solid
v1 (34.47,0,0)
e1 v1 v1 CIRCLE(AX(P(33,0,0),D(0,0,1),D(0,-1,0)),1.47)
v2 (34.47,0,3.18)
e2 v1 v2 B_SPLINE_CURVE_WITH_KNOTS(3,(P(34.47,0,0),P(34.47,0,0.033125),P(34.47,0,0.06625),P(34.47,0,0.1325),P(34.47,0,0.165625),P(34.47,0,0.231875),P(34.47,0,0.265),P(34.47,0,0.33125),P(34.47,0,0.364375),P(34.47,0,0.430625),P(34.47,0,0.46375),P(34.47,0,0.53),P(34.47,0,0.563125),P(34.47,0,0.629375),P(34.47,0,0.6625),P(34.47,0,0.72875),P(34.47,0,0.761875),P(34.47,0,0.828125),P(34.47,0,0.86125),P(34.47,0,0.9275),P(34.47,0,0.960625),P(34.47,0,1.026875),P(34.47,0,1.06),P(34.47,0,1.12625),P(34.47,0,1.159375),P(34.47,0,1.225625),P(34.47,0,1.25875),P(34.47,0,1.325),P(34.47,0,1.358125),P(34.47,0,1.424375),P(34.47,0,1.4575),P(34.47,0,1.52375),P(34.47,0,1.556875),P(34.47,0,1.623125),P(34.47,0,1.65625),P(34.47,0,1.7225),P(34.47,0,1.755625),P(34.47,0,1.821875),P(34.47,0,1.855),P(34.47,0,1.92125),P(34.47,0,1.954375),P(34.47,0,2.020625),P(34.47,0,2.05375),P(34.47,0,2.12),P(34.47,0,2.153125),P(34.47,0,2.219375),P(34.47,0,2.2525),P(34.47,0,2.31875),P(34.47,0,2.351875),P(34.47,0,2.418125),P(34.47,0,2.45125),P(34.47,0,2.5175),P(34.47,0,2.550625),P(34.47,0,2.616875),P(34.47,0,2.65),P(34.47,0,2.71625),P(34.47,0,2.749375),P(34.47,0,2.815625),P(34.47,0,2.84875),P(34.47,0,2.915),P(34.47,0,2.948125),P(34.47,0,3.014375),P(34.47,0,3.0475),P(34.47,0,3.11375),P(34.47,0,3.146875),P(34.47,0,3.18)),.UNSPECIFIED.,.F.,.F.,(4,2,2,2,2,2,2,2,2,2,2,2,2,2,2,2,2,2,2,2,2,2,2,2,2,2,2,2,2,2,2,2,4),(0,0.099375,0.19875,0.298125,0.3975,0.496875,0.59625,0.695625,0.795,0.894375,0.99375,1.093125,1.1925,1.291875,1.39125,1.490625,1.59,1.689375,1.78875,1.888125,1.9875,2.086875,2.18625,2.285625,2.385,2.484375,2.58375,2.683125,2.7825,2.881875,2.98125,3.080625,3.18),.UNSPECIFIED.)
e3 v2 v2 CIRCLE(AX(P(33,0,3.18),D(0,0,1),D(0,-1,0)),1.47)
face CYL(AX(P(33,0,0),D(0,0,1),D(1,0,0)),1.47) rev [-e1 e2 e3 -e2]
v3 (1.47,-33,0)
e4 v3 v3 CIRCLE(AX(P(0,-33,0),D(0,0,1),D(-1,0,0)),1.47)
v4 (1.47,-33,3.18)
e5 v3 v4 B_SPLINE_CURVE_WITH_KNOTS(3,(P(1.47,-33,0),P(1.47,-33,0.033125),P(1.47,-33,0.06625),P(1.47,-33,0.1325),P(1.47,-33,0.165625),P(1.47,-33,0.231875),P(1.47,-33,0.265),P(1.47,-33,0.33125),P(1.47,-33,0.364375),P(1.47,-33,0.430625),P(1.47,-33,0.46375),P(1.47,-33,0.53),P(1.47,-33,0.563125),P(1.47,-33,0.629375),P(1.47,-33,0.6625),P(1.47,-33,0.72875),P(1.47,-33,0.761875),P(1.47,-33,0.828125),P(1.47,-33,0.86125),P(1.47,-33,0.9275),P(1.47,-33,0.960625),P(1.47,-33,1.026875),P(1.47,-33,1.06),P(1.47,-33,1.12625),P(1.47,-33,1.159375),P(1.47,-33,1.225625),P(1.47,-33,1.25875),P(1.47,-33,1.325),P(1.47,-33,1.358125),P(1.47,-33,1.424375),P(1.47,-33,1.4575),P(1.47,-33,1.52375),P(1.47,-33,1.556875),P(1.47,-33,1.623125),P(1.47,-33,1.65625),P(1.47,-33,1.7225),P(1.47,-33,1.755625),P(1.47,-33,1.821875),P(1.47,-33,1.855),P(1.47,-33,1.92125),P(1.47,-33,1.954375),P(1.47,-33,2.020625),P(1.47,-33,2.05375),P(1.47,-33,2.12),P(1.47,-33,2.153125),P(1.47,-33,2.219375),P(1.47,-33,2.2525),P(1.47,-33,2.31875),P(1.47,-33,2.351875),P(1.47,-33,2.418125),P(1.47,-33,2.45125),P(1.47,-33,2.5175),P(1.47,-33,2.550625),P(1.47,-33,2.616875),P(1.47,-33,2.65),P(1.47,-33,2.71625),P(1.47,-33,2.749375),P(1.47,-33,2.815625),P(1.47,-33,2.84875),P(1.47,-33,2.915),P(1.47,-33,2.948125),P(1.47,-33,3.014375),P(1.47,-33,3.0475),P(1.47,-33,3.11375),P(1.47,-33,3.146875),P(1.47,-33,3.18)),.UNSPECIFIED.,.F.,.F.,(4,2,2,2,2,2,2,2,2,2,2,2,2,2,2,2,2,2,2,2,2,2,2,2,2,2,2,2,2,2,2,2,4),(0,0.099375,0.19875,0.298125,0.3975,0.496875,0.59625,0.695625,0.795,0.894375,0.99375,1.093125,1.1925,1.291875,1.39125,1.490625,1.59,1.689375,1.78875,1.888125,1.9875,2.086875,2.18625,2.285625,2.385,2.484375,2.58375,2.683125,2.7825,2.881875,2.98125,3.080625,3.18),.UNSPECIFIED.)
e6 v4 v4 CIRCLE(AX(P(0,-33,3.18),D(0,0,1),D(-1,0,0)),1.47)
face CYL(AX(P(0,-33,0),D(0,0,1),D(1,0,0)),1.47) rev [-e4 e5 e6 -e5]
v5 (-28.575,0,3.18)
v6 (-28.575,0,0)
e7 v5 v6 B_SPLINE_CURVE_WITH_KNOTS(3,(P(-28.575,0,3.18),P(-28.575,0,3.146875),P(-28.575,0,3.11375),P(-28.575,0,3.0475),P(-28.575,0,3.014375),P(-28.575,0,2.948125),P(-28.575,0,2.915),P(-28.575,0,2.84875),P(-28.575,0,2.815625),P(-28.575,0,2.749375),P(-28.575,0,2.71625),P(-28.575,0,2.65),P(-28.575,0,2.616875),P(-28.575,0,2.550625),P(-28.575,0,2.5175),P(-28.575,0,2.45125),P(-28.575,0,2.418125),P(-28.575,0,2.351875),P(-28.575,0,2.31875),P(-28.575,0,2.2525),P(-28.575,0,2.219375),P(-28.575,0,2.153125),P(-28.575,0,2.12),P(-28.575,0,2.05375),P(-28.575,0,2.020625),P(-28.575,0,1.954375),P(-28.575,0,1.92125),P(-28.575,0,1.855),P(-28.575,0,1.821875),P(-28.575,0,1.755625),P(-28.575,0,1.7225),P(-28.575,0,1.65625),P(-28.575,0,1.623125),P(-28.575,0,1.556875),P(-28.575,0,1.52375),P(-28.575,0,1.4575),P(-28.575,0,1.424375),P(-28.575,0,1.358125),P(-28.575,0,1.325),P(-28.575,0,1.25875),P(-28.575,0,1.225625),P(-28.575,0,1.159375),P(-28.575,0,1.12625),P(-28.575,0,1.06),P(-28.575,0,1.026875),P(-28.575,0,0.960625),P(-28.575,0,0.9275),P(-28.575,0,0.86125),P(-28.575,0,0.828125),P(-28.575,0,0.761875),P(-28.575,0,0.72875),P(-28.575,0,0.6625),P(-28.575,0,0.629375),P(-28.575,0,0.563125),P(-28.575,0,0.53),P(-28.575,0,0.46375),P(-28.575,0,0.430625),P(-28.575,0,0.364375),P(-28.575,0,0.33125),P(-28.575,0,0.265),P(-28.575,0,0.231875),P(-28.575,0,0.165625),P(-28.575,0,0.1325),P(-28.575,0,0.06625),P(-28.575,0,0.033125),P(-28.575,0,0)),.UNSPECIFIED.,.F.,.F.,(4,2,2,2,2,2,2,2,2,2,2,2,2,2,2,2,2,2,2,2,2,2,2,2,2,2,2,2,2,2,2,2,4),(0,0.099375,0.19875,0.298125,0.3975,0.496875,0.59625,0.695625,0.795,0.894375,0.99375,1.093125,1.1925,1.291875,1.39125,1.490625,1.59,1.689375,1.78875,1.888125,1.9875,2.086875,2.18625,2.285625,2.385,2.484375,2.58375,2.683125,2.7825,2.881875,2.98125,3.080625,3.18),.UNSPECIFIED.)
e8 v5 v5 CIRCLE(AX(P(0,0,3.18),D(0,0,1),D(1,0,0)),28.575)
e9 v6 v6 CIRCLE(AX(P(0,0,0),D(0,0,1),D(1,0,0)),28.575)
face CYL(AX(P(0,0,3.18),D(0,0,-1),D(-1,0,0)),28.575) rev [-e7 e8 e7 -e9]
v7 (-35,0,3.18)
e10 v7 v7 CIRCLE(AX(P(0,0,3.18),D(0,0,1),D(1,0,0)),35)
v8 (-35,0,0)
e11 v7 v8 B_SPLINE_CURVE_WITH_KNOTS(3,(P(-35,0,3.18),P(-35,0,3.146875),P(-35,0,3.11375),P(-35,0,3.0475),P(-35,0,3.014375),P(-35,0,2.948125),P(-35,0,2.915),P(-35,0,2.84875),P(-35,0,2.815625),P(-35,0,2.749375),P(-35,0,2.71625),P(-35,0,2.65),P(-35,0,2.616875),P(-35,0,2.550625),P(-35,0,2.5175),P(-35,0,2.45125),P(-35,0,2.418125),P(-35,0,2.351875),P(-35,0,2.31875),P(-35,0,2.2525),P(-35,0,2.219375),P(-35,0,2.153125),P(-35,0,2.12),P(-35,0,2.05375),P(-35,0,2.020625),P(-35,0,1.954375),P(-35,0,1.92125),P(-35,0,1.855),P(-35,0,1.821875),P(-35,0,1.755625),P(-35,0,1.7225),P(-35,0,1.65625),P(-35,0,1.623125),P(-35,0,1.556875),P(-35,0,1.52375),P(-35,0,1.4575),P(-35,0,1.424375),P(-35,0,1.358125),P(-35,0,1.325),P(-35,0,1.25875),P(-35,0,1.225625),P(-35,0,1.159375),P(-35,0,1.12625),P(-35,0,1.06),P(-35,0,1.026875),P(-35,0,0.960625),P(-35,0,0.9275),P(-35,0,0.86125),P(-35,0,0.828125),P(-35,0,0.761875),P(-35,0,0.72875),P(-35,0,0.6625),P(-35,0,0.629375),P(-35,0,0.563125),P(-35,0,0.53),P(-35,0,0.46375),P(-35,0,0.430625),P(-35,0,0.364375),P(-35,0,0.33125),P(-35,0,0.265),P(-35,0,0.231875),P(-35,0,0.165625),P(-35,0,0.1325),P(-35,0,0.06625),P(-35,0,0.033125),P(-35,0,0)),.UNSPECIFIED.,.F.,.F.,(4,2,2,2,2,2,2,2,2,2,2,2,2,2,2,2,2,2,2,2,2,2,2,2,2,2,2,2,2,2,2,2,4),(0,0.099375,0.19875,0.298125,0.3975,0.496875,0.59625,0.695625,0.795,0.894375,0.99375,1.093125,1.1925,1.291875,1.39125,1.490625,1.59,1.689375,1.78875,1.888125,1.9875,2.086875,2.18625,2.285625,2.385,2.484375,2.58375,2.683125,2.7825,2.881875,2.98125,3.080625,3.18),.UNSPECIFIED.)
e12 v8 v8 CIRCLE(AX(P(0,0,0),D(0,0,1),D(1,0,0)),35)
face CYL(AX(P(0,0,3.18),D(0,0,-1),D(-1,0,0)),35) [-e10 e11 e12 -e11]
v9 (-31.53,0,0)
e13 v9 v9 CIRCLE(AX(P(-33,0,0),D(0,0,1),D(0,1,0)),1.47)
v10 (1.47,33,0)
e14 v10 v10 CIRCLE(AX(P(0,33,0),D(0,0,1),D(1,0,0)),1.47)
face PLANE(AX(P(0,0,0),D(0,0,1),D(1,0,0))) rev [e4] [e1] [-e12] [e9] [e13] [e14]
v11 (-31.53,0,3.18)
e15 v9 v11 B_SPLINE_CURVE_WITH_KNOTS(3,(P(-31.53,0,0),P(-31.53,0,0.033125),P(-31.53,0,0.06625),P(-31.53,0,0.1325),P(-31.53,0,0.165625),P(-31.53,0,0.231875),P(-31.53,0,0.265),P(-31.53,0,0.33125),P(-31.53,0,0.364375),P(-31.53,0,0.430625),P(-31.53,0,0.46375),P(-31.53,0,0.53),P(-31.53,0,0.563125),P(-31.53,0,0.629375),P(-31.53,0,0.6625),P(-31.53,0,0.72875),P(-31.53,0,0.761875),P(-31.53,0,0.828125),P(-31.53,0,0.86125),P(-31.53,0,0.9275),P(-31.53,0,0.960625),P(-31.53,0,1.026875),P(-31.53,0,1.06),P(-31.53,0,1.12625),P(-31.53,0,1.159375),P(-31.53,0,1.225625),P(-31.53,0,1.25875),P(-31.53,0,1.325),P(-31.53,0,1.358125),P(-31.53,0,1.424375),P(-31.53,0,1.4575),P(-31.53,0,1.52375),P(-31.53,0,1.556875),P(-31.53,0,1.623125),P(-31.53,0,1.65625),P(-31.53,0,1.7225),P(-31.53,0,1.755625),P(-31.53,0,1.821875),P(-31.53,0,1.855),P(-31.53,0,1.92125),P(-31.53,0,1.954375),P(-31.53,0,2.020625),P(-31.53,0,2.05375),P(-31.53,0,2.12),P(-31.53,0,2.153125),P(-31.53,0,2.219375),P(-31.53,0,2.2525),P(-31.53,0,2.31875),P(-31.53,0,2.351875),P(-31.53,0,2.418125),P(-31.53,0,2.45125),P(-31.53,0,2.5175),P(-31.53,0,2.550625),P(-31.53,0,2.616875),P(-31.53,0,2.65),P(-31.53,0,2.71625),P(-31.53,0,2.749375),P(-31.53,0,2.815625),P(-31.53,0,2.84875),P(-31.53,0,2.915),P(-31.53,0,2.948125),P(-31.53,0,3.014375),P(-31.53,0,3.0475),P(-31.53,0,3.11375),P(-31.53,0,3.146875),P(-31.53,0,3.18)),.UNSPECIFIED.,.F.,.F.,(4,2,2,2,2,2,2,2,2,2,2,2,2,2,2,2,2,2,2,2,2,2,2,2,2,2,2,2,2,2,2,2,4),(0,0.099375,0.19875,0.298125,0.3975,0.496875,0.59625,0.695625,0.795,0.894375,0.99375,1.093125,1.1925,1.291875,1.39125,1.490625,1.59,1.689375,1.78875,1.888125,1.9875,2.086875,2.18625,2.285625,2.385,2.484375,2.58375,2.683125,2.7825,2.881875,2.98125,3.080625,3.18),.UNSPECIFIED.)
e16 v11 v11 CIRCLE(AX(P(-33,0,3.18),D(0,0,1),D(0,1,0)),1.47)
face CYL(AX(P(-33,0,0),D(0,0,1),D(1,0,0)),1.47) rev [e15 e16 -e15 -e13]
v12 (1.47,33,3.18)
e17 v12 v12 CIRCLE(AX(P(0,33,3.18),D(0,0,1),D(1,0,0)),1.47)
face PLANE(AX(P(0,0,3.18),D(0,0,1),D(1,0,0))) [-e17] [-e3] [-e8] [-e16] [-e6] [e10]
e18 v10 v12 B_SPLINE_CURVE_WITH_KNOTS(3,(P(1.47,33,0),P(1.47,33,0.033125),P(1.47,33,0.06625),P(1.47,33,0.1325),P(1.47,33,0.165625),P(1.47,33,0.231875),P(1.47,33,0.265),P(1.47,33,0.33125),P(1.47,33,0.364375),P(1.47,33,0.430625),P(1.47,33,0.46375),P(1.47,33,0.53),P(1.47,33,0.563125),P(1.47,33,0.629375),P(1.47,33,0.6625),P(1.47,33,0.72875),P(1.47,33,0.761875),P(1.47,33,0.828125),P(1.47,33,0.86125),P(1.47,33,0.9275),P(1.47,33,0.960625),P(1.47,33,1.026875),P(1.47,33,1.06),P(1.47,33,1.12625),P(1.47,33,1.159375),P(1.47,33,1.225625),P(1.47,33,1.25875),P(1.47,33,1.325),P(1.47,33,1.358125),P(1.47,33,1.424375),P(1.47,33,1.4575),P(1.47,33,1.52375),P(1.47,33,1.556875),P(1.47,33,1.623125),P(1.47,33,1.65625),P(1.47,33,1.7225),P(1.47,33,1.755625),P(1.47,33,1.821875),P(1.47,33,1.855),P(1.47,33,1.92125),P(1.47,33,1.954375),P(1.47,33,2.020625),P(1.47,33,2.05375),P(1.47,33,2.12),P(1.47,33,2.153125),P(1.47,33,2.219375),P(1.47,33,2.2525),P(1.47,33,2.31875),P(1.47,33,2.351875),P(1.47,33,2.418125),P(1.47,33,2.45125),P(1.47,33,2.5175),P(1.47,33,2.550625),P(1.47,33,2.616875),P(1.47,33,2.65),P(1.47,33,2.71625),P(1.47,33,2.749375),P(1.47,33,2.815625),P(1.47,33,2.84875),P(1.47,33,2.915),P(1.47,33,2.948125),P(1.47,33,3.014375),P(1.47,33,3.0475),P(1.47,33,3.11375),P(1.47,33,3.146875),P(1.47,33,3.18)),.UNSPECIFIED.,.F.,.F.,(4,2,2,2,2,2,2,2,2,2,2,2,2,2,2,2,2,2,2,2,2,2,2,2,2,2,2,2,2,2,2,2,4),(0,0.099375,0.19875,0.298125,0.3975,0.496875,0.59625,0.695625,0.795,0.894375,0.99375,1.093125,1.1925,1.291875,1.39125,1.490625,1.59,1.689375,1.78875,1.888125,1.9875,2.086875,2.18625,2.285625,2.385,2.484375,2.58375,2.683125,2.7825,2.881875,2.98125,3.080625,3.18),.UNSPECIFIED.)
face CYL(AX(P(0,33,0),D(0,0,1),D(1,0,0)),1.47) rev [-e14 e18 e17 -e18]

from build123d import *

# Parameters (mm, degrees)
SKETCH1_R           = 35
SKETCH1_R_2         = 28.575
BOSS_EXTRUDE1_DEPTH = 3.18
SKETCH2_R           = 1.47
CUT_EXTRUDE1_DEPTH  = 3.18
CIRPATTERN1_COUNT   = 4


with BuildPart() as part:
    # Sketch1 → Boss-Extrude1 (new body)
    with BuildSketch(Plane.XY):
        with Locations(Location((0, 0, 0), (0, 0, 180))):
            Circle(SKETCH1_R)
        with Locations(Location((0, 0, 0), (0, 0, 180))):
            Circle(SKETCH1_R_2, mode=Mode.SUBTRACT)
    extrude(amount=BOSS_EXTRUDE1_DEPTH)

    # Sketch2 → Cut-Extrude1 (cut)
    with BuildSketch(Plane.XY.offset(3.18)):
        with Locations((0, 33)):
            Circle(SKETCH2_R)
    cut_extrude1 = extrude(amount=-CUT_EXTRUDE1_DEPTH, mode=Mode.SUBTRACT)

    # CirPattern1: Cut-Extrude1 ×4 about axis
    cirpattern1_axis = Axis((0, 0, 0), (0, 0, 1))
    for i in range(1, CIRPATTERN1_COUNT):
        add(cut_extrude1.rotate(cirpattern1_axis, i * 360 / CIRPATTERN1_COUNT), mode=Mode.SUBTRACT)


solid = part.part
